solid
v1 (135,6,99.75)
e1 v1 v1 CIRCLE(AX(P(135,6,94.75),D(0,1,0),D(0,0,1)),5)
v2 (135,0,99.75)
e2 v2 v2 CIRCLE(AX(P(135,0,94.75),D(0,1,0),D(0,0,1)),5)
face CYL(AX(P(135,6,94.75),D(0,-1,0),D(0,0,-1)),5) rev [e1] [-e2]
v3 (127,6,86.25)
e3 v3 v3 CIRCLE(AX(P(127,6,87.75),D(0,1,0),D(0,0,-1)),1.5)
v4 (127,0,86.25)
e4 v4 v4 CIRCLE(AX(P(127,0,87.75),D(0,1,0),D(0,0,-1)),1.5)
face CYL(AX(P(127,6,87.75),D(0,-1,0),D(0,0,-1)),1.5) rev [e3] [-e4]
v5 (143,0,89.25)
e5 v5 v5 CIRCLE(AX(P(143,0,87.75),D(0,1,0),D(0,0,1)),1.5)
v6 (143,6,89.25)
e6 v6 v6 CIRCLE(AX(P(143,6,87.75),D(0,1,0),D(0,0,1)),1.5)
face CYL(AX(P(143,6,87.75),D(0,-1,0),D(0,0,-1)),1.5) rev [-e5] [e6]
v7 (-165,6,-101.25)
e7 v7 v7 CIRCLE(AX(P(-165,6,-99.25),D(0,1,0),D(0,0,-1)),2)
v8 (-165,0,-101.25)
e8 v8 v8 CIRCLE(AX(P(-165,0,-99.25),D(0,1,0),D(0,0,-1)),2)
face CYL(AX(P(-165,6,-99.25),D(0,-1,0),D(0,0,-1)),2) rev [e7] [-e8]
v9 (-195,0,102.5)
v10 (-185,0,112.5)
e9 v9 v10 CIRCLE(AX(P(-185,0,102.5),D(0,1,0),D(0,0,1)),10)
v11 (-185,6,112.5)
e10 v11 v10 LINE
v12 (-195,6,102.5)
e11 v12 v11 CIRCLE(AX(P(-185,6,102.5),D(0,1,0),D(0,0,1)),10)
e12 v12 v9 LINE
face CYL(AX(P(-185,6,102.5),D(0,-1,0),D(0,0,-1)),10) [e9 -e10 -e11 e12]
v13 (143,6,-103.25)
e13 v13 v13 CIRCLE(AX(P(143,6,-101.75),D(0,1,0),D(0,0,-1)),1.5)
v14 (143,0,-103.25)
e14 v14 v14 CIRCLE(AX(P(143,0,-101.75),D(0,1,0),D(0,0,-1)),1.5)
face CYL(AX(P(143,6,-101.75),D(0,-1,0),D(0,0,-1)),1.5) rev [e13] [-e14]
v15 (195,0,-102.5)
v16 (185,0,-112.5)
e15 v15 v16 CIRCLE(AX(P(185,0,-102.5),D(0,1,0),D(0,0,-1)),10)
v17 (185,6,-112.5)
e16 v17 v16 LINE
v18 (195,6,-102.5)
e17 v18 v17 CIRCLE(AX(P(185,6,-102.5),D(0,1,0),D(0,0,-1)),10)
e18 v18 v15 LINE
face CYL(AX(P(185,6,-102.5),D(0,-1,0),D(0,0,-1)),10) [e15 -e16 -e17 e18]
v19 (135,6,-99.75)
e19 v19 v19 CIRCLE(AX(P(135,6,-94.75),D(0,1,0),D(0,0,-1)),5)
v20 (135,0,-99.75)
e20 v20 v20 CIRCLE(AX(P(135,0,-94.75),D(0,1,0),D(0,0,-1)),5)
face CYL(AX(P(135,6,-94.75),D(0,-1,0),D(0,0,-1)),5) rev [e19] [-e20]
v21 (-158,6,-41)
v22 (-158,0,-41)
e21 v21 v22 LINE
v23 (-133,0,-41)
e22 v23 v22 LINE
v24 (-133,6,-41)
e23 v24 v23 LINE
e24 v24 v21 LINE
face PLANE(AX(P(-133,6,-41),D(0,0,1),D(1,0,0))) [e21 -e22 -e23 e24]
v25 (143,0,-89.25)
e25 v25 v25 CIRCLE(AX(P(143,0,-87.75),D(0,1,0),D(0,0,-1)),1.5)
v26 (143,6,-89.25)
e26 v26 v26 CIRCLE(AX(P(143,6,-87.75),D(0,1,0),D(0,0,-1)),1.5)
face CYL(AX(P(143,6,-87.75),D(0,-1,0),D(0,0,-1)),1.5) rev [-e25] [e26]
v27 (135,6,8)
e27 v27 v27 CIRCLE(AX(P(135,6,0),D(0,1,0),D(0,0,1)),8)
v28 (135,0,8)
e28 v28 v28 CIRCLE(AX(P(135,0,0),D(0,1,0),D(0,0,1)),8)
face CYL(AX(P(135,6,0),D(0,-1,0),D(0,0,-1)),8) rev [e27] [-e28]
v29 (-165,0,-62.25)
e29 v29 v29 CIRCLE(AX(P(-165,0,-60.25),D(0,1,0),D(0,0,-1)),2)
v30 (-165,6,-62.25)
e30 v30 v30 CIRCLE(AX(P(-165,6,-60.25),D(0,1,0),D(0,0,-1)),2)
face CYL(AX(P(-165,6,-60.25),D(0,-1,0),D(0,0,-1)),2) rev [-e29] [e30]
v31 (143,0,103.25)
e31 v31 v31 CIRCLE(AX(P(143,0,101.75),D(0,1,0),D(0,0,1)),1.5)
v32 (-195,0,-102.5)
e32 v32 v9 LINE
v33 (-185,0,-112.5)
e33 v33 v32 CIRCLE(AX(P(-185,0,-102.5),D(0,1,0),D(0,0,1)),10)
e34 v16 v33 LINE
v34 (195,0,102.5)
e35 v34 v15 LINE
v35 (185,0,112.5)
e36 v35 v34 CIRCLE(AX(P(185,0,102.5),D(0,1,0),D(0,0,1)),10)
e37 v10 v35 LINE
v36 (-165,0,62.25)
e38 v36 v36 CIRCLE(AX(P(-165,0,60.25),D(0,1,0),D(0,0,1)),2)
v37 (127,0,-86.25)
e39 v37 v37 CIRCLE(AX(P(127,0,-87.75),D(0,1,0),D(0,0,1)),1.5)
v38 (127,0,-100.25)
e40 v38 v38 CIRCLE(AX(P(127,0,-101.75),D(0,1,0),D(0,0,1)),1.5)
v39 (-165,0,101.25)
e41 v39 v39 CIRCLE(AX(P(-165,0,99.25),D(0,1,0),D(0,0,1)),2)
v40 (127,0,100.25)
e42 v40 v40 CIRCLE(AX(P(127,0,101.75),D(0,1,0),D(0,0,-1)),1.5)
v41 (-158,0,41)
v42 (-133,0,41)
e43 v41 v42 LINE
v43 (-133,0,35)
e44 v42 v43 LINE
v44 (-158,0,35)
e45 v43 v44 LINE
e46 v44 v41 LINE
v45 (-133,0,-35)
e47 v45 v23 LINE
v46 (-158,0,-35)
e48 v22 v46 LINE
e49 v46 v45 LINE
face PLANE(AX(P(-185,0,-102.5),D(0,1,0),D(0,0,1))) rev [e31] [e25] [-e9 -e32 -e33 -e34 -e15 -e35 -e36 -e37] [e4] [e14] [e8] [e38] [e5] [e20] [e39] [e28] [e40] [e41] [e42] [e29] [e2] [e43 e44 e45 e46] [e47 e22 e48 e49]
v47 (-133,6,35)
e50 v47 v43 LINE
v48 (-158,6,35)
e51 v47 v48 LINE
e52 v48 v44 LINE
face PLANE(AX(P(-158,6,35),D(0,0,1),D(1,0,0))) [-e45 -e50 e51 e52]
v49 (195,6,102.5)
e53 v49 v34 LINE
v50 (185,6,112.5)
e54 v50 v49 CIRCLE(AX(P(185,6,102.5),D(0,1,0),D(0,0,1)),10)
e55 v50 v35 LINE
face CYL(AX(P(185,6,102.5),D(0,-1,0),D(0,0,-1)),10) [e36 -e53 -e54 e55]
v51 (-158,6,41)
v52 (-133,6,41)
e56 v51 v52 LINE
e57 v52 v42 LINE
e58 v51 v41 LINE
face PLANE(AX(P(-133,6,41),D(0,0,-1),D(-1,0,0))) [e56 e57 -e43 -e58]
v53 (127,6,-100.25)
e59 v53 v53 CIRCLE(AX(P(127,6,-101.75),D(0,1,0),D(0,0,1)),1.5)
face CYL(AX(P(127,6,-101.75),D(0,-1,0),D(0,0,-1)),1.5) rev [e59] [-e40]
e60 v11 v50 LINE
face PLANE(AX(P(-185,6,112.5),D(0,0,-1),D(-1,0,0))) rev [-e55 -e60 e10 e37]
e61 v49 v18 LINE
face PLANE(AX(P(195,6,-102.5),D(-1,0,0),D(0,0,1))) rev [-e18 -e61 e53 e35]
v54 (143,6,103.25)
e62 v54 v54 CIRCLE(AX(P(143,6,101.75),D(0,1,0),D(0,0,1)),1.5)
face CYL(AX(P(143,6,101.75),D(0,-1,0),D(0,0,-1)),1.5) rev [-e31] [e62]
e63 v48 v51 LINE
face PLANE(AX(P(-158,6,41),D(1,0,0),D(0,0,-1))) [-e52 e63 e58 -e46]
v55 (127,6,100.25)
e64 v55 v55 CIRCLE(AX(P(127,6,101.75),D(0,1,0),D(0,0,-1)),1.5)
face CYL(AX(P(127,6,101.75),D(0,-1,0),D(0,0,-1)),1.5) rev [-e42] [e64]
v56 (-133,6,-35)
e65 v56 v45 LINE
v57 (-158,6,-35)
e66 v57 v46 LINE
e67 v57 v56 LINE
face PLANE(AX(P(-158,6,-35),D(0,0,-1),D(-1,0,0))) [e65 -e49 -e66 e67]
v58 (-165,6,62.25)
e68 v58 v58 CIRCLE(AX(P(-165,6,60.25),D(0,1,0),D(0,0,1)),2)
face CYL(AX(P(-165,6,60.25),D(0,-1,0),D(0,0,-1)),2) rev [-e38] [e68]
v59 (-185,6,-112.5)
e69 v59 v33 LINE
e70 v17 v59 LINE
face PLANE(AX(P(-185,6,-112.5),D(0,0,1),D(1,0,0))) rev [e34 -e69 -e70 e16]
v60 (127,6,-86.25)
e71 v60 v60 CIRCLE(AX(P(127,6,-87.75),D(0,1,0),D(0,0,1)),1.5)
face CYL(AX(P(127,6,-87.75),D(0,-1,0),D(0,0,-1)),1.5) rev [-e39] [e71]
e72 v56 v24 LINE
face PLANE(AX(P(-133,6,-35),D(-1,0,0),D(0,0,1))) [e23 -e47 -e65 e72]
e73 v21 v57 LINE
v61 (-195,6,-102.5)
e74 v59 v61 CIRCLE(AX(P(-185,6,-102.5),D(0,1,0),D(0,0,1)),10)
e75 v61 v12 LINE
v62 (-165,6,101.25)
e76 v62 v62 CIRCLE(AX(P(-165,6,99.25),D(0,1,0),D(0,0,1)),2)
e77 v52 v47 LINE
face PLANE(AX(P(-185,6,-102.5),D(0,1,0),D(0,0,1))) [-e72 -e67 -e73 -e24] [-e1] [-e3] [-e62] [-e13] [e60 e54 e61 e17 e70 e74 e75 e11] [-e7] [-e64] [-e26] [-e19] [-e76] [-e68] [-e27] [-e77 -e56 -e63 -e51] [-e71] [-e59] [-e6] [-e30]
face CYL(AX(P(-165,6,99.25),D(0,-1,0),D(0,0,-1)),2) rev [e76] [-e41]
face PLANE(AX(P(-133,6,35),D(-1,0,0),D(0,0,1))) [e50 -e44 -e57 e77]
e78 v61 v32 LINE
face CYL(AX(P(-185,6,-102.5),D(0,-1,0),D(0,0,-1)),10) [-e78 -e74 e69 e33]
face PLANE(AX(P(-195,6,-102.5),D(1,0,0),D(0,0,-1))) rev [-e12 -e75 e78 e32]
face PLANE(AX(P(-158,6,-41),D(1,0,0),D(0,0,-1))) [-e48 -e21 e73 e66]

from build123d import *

# Parameters (mm, degrees)
SKETCH1_R           = 8
SKETCH1_R_2         = 5
SKETCH1_R_3         = 1.5
SKETCH1_R_4         = 2
SKETCH1_W           = 25
SKETCH1_H           = 6
BOSS_EXTRUDE1_DEPTH = 6


with BuildPart() as part:
    # Sketch1 → Boss-Extrude1 (new body)
    with BuildSketch(Plane(origin=(0, 0, 0), x_dir=(1, 0, 0), z_dir=(0, 1, 0))):
        with BuildLine():
            Line((-185, 112.5), (185, 112.5))
            ThreePointArc((185, 112.5), (192.071067812, 109.571067812), (195, 102.5))
            Line((195, 102.5), (195, -102.5))
            ThreePointArc((195, -102.5), (192.071067812, -109.571067812), (185, -112.5))
            Line((185, -112.5), (-185, -112.5))
            ThreePointArc((-185, -112.5), (-192.071067812, -109.571067812), (-195, -102.5))
            Line((-195, -102.5), (-195, 102.5))
            ThreePointArc((-195, 102.5), (-192.071067812, 109.571067812), (-185, 112.5))
        make_face()
        with Locations((135, 0)):
            Circle(SKETCH1_R, mode=Mode.SUBTRACT)
        with Locations((135, -94.75)):
            Circle(SKETCH1_R_2, mode=Mode.SUBTRACT)
        with Locations((143, -87.75)):
            Circle(SKETCH1_R_3, mode=Mode.SUBTRACT)
        with Locations((143, -101.75)):
            Circle(SKETCH1_R_3, mode=Mode.SUBTRACT)
        with Locations((127, -87.75)):
            Circle(SKETCH1_R_3, mode=Mode.SUBTRACT)
        with Locations((127, -101.75)):
            Circle(SKETCH1_R_3, mode=Mode.SUBTRACT)
        with Locations((143, 101.75)):
            Circle(SKETCH1_R_3, mode=Mode.SUBTRACT)
        with Locations((143, 87.75)):
            Circle(SKETCH1_R_3, mode=Mode.SUBTRACT)
        with Locations((127, 101.75)):
            Circle(SKETCH1_R_3, mode=Mode.SUBTRACT)
        with Locations((127, 87.75)):
            Circle(SKETCH1_R_3, mode=Mode.SUBTRACT)
        with Locations((135, 94.75)):
            Circle(SKETCH1_R_2, mode=Mode.SUBTRACT)
        with Locations((-165, -60.25)):
            Circle(SKETCH1_R_4, mode=Mode.SUBTRACT)
        with Locations((-165, -99.25)):
            Circle(SKETCH1_R_4, mode=Mode.SUBTRACT)
        with Locations((-165, 60.25)):
            Circle(SKETCH1_R_4, mode=Mode.SUBTRACT)
        with Locations((-165, 99.25)):
            Circle(SKETCH1_R_4, mode=Mode.SUBTRACT)
        with Locations((-145.5, 38)):
            Rectangle(SKETCH1_W, SKETCH1_H, mode=Mode.SUBTRACT)
        with Locations((-145.5, -38)):
            Rectangle(SKETCH1_W, SKETCH1_H, mode=Mode.SUBTRACT)
    extrude(amount=BOSS_EXTRUDE1_DEPTH)


solid = part.part
